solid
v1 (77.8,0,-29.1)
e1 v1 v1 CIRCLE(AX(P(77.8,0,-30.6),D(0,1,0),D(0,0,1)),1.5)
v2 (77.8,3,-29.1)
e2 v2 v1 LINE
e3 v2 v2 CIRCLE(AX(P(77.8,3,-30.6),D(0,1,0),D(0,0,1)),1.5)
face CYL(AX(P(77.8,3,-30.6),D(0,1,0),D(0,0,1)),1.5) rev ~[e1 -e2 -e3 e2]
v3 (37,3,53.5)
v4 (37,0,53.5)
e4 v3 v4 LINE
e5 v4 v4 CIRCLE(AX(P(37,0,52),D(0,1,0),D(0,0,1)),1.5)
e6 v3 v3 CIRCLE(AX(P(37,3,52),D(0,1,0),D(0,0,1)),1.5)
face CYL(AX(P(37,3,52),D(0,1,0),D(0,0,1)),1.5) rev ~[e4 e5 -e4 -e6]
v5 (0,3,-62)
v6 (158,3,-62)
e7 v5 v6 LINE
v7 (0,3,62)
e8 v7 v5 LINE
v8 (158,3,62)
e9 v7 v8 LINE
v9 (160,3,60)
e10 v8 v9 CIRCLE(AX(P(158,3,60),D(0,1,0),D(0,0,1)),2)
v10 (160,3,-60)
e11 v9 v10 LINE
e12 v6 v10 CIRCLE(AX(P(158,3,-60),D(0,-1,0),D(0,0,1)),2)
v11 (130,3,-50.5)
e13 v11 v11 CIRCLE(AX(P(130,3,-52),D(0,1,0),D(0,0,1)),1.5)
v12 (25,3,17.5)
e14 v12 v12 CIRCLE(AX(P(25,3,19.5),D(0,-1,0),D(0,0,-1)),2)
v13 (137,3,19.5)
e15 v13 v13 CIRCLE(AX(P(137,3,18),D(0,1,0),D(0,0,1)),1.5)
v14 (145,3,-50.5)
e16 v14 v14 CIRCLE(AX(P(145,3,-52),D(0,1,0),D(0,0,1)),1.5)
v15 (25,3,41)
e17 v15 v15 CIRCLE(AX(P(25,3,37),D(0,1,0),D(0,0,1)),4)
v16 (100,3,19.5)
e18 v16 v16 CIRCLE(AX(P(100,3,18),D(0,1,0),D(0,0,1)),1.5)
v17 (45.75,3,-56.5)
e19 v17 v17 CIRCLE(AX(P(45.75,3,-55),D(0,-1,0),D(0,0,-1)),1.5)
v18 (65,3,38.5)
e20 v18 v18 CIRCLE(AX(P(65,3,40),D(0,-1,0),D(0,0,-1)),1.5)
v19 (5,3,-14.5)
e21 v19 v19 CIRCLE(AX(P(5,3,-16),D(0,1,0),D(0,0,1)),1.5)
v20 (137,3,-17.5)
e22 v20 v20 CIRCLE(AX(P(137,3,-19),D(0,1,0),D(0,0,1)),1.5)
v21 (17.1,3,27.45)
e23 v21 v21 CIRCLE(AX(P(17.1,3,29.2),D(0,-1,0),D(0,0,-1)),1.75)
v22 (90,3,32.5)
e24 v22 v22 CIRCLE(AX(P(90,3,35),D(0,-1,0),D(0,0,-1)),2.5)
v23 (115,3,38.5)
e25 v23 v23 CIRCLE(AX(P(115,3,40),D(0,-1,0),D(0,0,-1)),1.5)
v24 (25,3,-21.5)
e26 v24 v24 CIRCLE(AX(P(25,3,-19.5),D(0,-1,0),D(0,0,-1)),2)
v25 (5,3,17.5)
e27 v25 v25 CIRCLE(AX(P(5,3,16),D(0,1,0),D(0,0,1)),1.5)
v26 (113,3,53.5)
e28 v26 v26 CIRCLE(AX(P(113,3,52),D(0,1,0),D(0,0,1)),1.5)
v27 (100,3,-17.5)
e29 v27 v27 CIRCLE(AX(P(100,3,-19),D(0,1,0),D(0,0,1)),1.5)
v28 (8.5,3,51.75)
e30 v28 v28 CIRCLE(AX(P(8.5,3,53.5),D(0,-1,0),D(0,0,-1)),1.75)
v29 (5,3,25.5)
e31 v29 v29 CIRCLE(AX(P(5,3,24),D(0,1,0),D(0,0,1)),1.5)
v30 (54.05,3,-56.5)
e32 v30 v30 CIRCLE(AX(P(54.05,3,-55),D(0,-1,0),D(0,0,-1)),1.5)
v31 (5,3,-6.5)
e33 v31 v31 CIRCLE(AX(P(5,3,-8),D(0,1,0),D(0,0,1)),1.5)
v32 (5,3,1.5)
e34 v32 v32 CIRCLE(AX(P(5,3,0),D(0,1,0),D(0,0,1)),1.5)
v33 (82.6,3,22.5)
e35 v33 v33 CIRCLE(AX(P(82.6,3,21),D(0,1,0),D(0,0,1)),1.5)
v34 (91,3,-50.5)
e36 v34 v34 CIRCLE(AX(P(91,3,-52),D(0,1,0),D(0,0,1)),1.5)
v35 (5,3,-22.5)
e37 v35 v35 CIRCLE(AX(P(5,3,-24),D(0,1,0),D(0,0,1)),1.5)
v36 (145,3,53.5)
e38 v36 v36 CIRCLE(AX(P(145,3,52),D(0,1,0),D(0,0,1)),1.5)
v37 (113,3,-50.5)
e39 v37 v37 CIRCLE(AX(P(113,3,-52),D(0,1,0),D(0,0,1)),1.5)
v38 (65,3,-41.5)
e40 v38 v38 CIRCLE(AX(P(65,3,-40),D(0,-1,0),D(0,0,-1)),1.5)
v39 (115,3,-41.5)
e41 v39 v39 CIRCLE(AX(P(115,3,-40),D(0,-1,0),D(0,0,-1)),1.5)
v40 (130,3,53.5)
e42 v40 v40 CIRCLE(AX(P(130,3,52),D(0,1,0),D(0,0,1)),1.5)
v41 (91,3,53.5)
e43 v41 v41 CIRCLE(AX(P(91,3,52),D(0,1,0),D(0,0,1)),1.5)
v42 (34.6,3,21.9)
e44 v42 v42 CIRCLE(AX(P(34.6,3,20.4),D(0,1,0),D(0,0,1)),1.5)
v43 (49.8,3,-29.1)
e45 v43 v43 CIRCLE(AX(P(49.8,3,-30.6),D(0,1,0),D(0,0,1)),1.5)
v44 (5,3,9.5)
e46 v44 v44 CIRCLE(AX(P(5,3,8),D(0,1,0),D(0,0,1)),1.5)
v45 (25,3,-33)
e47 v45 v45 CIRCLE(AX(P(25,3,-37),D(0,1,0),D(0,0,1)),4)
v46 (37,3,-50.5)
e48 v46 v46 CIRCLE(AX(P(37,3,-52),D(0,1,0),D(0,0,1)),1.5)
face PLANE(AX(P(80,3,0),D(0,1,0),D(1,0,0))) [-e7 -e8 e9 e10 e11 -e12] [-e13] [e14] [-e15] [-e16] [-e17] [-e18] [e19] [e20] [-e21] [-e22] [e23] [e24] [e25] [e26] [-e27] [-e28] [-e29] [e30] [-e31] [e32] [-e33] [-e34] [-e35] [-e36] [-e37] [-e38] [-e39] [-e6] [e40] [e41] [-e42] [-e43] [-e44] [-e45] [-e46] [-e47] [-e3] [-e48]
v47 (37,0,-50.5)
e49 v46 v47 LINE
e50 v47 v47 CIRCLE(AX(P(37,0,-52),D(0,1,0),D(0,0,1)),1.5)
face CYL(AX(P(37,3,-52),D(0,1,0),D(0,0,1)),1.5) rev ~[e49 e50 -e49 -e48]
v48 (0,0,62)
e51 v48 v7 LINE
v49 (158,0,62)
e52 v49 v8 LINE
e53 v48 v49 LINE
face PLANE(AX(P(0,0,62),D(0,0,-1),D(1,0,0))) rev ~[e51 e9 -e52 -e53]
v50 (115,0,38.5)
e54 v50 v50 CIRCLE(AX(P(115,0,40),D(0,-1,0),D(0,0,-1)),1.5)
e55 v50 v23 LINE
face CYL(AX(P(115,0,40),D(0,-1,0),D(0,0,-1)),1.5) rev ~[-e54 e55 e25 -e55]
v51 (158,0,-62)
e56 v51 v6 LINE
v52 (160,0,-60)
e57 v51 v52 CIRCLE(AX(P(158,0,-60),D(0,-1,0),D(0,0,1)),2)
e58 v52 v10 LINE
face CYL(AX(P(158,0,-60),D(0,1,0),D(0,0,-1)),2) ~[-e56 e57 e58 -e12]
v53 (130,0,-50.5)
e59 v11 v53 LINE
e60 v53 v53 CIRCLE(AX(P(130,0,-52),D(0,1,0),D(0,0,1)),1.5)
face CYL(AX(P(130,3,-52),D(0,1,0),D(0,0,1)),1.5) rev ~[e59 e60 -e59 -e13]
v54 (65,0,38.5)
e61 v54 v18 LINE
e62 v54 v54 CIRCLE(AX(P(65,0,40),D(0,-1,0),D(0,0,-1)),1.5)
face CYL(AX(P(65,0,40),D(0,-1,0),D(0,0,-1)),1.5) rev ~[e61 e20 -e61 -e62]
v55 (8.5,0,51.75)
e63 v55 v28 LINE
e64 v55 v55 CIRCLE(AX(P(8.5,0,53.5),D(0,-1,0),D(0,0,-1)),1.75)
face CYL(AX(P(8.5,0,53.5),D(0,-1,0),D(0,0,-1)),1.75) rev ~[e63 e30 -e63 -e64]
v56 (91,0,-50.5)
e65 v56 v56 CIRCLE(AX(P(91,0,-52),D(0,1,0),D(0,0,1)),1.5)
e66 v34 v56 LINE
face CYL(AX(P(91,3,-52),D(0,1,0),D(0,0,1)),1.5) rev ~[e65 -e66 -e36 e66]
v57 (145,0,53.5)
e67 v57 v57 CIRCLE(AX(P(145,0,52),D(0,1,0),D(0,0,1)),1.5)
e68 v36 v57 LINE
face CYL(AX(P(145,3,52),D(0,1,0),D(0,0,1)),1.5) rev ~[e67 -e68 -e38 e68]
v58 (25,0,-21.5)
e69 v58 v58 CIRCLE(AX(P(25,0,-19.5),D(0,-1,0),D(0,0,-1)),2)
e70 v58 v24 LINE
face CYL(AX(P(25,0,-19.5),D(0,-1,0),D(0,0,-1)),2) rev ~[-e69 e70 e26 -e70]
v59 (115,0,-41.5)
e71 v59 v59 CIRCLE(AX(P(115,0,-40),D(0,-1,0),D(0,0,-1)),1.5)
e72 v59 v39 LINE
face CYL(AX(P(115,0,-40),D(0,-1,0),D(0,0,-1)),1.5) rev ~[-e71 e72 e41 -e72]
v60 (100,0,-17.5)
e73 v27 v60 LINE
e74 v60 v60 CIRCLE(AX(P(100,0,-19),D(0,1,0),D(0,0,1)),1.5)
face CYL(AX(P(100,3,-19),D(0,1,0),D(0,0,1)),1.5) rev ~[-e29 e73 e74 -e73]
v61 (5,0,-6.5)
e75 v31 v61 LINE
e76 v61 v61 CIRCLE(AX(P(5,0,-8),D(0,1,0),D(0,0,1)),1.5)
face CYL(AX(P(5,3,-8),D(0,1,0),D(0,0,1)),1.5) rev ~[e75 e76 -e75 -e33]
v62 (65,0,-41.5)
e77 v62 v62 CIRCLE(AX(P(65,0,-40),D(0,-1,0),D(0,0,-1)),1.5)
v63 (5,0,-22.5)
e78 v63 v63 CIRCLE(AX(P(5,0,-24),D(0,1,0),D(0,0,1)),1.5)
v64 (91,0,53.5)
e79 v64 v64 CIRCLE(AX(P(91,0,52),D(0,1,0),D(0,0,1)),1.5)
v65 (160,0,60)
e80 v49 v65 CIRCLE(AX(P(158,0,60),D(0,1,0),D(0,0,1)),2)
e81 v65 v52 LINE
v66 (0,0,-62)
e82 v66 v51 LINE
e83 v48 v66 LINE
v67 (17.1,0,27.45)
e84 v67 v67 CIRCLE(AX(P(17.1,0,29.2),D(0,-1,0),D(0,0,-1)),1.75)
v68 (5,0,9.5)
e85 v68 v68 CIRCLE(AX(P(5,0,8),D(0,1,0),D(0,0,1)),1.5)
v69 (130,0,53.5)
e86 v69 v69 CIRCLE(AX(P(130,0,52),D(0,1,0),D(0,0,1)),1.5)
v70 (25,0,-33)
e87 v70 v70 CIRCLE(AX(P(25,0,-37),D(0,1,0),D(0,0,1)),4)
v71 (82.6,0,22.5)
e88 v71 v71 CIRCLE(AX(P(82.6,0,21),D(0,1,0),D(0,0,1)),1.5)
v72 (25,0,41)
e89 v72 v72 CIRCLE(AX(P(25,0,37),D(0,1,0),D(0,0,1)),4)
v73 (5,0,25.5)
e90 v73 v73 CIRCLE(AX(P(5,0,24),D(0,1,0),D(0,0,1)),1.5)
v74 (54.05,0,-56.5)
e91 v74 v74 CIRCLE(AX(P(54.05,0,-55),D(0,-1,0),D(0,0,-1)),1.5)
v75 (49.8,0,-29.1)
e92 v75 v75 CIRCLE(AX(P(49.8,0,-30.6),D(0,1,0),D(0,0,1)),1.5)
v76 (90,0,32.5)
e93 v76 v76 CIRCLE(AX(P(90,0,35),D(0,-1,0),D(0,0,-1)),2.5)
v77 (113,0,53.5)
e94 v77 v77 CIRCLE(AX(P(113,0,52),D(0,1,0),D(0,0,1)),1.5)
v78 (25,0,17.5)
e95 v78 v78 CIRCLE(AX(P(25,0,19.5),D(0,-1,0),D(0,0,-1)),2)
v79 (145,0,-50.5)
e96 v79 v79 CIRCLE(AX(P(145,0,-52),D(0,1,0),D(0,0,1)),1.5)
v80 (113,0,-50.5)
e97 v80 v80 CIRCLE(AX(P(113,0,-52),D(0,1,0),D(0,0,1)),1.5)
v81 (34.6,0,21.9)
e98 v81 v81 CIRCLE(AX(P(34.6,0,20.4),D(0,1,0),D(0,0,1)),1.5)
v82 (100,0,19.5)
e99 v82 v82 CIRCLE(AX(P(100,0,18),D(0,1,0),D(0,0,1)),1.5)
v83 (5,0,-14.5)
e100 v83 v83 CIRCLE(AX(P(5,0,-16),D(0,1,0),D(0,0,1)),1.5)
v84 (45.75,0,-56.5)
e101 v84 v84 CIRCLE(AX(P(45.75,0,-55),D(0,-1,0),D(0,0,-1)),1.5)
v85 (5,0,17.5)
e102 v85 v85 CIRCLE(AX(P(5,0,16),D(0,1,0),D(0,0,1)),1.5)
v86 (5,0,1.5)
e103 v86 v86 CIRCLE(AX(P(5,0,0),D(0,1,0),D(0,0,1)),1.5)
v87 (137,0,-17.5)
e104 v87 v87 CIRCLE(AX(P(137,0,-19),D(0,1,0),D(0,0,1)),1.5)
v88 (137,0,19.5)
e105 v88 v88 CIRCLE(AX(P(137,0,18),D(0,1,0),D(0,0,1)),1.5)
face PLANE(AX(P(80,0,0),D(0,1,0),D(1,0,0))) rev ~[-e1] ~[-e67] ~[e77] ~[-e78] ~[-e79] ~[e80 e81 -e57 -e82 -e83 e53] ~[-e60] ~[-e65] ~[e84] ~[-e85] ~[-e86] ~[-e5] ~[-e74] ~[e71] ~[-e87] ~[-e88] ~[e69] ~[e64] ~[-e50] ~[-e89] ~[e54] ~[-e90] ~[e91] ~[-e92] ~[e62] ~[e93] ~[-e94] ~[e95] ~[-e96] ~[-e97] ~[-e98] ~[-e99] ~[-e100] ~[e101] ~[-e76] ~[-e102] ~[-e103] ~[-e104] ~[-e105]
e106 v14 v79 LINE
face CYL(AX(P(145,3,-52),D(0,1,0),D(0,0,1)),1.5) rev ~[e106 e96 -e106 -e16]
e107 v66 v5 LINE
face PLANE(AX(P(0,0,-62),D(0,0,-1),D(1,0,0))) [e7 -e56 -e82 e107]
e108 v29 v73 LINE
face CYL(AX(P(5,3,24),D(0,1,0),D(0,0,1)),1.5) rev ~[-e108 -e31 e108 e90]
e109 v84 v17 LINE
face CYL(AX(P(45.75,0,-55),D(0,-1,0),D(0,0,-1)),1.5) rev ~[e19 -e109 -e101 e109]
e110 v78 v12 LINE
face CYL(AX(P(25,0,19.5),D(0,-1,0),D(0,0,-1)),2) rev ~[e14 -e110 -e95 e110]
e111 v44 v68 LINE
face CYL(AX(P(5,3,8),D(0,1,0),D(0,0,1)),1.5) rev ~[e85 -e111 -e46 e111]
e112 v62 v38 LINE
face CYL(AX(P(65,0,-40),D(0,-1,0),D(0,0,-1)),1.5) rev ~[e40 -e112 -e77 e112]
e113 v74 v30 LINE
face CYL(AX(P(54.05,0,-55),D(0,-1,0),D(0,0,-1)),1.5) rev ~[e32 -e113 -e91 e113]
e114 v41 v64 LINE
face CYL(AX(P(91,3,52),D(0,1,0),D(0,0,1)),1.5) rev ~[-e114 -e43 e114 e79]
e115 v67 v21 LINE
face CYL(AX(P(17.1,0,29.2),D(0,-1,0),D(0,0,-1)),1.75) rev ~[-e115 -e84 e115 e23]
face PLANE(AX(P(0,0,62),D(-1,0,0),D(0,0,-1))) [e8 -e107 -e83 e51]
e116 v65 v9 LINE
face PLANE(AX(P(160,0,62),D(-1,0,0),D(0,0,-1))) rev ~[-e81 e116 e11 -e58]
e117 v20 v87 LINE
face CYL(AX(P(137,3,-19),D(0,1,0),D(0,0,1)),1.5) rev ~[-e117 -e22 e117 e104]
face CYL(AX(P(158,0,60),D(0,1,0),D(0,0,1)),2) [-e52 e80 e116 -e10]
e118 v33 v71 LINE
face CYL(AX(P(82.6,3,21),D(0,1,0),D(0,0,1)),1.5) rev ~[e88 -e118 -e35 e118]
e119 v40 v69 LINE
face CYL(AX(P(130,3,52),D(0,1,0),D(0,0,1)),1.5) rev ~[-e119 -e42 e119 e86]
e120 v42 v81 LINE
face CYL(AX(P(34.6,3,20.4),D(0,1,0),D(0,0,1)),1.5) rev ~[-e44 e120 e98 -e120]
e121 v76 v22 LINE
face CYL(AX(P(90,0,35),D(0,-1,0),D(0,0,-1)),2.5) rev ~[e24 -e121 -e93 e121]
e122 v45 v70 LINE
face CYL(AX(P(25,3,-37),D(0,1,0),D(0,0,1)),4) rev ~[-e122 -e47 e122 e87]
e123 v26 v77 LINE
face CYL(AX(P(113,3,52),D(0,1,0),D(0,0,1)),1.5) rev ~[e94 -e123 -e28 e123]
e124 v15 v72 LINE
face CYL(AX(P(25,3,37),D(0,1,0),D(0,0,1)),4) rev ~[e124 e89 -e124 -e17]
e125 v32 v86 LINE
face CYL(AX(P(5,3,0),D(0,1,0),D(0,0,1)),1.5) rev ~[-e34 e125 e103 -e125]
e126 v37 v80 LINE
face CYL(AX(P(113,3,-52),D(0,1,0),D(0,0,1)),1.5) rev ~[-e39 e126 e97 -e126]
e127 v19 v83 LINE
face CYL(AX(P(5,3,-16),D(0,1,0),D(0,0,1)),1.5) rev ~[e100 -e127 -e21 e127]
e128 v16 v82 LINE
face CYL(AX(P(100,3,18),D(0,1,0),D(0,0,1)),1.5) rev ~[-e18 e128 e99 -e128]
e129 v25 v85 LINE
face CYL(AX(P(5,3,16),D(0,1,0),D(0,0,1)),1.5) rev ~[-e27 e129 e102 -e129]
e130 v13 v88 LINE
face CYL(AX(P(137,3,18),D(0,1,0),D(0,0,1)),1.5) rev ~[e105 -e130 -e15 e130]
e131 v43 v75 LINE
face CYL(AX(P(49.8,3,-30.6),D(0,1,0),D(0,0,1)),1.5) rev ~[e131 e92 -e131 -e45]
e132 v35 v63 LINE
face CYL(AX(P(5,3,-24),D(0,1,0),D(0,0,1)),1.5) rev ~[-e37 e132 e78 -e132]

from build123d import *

# Parameters (mm, degrees)
SKETCH_1_W             = 160
SKETCH_1_H             = 124
EXTRUDE_1_DEPTH        = 3
SKETCH_2_R             = 1.5
CUT_EXTRUDE_1_DEPTH    = 10
SKETCH_3_R             = 2
CUT_EXTRUDE_2_DEPTH    = 172.618763543
SKETCH_4_R             = 1.5
CUT_EXTRUDE_3_DEPTH    = 10
PATTERN_LINEAR_1_COUNT = 7
PATTERN_LINEAR_1_PITCH = 8
SKETCH_6_R             = 1.5
CUT_EXTRUDE_4_DEPTH    = 10
SKETCH_7_R             = 1.5
CUT_EXTRUDE_5_DEPTH    = 10
SKETCH_8_R             = 1.5
CUT_EXTRUDE_6_DEPTH    = 10
SKETCH_9_R             = 1.5
CUT_EXTRUDE_7_DEPTH    = 10
SKETCH_10_R            = 4
CUT_EXTRUDE_8_DEPTH    = 10
FILLET_1_R             = 2
SKETCH_12_R            = 1.5
CUT_EXTRUDE_10_DEPTH   = 10
SKETCH_13_R            = 1.75
CUT_EXTRUDE_11_DEPTH   = 70
SKETCH_14_R            = 1.5
CUT_EXTRUDE_12_DEPTH   = 4
SKETCH_15_R            = 2.5
CUT_EXTRUDE_13_DEPTH   = 10


with BuildPart() as part:
    # 草圖1 → 填料-伸長1 (new body)
    with BuildSketch(Plane(origin=(0, 0, 0), x_dir=(1, 0, 0), z_dir=(0, 1, 0))):
        with Locations((80, 0)):
            Rectangle(SKETCH_1_W, SKETCH_1_H)
    extrude(amount=EXTRUDE_1_DEPTH)

    # 草圖2 → 除料-伸長1 (cut)
    with BuildSketch(Plane(origin=(0, 3, 0), x_dir=(1, 0, 0), z_dir=(0, 1, 0))):
        with Locations(Location((113, 52, 0), (0, 0, 270))):
            Circle(SKETCH_2_R)
        with Locations(Location((130, 52, 0), (0, 0, 270))):
            Circle(SKETCH_2_R)
        with Locations(Location((113, -52, 0), (0, 0, 270))):
            Circle(SKETCH_2_R)
        with Locations(Location((130, -52, 0), (0, 0, 270))):
            Circle(SKETCH_2_R)
    extrude(amount=-CUT_EXTRUDE_1_DEPTH, mode=Mode.SUBTRACT)

    # 草圖3 → 除料-伸長2 (cut, through all)
    with BuildSketch(Plane.XZ):
        with Locations(Location((25, 19.5, 0), (0, 0, 270))):
            Circle(SKETCH_3_R)
        with Locations(Location((25, -19.5, 0), (0, 0, 270))):
            Circle(SKETCH_3_R)
    extrude(amount=-CUT_EXTRUDE_2_DEPTH, mode=Mode.SUBTRACT)

    # 草圖4 → 除料-伸長3 (cut)
    with BuildSketch(Plane(origin=(0, 3, 0), x_dir=(1, 0, 0), z_dir=(0, 1, 0))):
        with Locations(Location((5, 24, 0), (0, 0, 270))):
            Circle(SKETCH_4_R)
    cut_extrude_3 = extrude(amount=-CUT_EXTRUDE_3_DEPTH, mode=Mode.SUBTRACT)

    # 直線複製排列1: 除料-伸長3 ×7
    with Locations(*[(0, 0, i * PATTERN_LINEAR_1_PITCH) for i in range(1, PATTERN_LINEAR_1_COUNT)]):
        add(cut_extrude_3, mode=Mode.SUBTRACT)

    # 草圖6 → 除料-伸長4 (cut)
    with BuildSketch(Plane(origin=(0, 3, 0), x_dir=(1, 0, 0), z_dir=(0, 1, 0))):
        with Locations(Location((100, 19, 0), (0, 0, 270))):
            Circle(SKETCH_6_R)
        with Locations(Location((137, 19, 0), (0, 0, 270))):
            Circle(SKETCH_6_R)
        with Locations(Location((100, -18, 0), (0, 0, 270))):
            Circle(SKETCH_6_R)
        with Locations(Location((137, -18, 0), (0, 0, 270))):
            Circle(SKETCH_6_R)
    extrude(amount=-CUT_EXTRUDE_4_DEPTH, mode=Mode.SUBTRACT)

    # 草圖7 → 除料-伸長5 (cut)
    with BuildSketch(Plane(origin=(0, 3, 0), x_dir=(1, 0, 0), z_dir=(0, 1, 0))):
        with Locations(Location((49.8, 30.6, 0), (0, 0, 270))):
            Circle(SKETCH_7_R)
        with Locations(Location((77.8, 30.6, 0), (0, 0, 270))):
            Circle(SKETCH_7_R)
        with Locations(Location((34.6, -20.4, 0), (0, 0, 270))):
            Circle(SKETCH_7_R)
        with Locations(Location((82.6, -21, 0), (0, 0, 270))):
            Circle(SKETCH_7_R)
    extrude(amount=-CUT_EXTRUDE_5_DEPTH, mode=Mode.SUBTRACT)

    # 草圖8 → 除料-伸長6 (cut)
    with BuildSketch(Plane(origin=(0, 3, 0), x_dir=(1, 0, 0), z_dir=(0, 1, 0))):
        with Locations(Location((37, 52, 0), (0, 0, 270))):
            Circle(SKETCH_8_R)
        with Locations(Location((145, 52, 0), (0, 0, 270))):
            Circle(SKETCH_8_R)
        with Locations(Location((37, -52, 0), (0, 0, 270))):
            Circle(SKETCH_8_R)
        with Locations(Location((145, -52, 0), (0, 0, 270))):
            Circle(SKETCH_8_R)
    extrude(amount=-CUT_EXTRUDE_6_DEPTH, mode=Mode.SUBTRACT)

    # 草圖9 → 除料-伸長7 (cut)
    with BuildSketch(Plane(origin=(0, 3, 0), x_dir=(1, 0, 0), z_dir=(0, 1, 0))):
        with Locations(Location((91, -52, 0), (0, 0, 270))):
            Circle(SKETCH_9_R)
        with Locations(Location((91, 52, 0), (0, 0, 270))):
            Circle(SKETCH_9_R)
    extrude(amount=-CUT_EXTRUDE_7_DEPTH, mode=Mode.SUBTRACT)

    # 草圖10 → 除料-伸長8 (cut)
    with BuildSketch(Plane(origin=(0, 3, 0), x_dir=(1, 0, 0), z_dir=(0, 1, 0))):
        with Locations(Location((25, 37, 0), (0, 0, 270))):
            Circle(SKETCH_10_R)
        with Locations(Location((25, -37, 0), (0, 0, 270))):
            Circle(SKETCH_10_R)
    extrude(amount=-CUT_EXTRUDE_8_DEPTH, mode=Mode.SUBTRACT)

    # 圓角1
    fillet_1_edges = [part.edges().sort_by_distance(p)[0] for p in [
        (160, 1.5, -62),
        (160, 1.5, 62),
    ]]
    fillet(fillet_1_edges, radius=FILLET_1_R)

    # 草圖12 → 除料-伸長10 (cut)
    with BuildSketch(Plane.XZ):
        with Locations(Location((65, 40, 0), (0, 0, 270))):
            Circle(SKETCH_12_R)
        with Locations(Location((115, 40, 0), (0, 0, 270))):
            Circle(SKETCH_12_R)
        with Locations(Location((65, -40, 0), (0, 0, 270))):
            Circle(SKETCH_12_R)
        with Locations(Location((115, -40, 0), (0, 0, 270))):
            Circle(SKETCH_12_R)
    extrude(amount=-CUT_EXTRUDE_10_DEPTH, mode=Mode.SUBTRACT)

    # 草圖13 → 除料-伸長11 (cut)
    with BuildSketch(Plane.XZ):
        with Locations(Location((8.5, 53.5, 0), (0, 0, 270))):
            Circle(SKETCH_13_R)
        with Locations(Location((17.1, 29.2, 0), (0, 0, 270))):
            Circle(SKETCH_13_R)
    extrude(amount=-CUT_EXTRUDE_11_DEPTH, mode=Mode.SUBTRACT)

    # 草圖14 → 除料-伸長12 (cut)
    with BuildSketch(Plane.XZ):
        with Locations(Location((54.05, -55, 0), (0, 0, 270))):
            Circle(SKETCH_14_R)
        with Locations(Location((45.75, -55, 0), (0, 0, 270))):
            Circle(SKETCH_14_R)
    extrude(amount=-CUT_EXTRUDE_12_DEPTH, mode=Mode.SUBTRACT)

    # 草圖15 → 除料-伸長13 (cut)
    with BuildSketch(Plane.XZ):
        with Locations(Location((90, 35, 0), (0, 0, 270))):
            Circle(SKETCH_15_R)
    extrude(amount=-CUT_EXTRUDE_13_DEPTH, mode=Mode.SUBTRACT)


solid = part.part
